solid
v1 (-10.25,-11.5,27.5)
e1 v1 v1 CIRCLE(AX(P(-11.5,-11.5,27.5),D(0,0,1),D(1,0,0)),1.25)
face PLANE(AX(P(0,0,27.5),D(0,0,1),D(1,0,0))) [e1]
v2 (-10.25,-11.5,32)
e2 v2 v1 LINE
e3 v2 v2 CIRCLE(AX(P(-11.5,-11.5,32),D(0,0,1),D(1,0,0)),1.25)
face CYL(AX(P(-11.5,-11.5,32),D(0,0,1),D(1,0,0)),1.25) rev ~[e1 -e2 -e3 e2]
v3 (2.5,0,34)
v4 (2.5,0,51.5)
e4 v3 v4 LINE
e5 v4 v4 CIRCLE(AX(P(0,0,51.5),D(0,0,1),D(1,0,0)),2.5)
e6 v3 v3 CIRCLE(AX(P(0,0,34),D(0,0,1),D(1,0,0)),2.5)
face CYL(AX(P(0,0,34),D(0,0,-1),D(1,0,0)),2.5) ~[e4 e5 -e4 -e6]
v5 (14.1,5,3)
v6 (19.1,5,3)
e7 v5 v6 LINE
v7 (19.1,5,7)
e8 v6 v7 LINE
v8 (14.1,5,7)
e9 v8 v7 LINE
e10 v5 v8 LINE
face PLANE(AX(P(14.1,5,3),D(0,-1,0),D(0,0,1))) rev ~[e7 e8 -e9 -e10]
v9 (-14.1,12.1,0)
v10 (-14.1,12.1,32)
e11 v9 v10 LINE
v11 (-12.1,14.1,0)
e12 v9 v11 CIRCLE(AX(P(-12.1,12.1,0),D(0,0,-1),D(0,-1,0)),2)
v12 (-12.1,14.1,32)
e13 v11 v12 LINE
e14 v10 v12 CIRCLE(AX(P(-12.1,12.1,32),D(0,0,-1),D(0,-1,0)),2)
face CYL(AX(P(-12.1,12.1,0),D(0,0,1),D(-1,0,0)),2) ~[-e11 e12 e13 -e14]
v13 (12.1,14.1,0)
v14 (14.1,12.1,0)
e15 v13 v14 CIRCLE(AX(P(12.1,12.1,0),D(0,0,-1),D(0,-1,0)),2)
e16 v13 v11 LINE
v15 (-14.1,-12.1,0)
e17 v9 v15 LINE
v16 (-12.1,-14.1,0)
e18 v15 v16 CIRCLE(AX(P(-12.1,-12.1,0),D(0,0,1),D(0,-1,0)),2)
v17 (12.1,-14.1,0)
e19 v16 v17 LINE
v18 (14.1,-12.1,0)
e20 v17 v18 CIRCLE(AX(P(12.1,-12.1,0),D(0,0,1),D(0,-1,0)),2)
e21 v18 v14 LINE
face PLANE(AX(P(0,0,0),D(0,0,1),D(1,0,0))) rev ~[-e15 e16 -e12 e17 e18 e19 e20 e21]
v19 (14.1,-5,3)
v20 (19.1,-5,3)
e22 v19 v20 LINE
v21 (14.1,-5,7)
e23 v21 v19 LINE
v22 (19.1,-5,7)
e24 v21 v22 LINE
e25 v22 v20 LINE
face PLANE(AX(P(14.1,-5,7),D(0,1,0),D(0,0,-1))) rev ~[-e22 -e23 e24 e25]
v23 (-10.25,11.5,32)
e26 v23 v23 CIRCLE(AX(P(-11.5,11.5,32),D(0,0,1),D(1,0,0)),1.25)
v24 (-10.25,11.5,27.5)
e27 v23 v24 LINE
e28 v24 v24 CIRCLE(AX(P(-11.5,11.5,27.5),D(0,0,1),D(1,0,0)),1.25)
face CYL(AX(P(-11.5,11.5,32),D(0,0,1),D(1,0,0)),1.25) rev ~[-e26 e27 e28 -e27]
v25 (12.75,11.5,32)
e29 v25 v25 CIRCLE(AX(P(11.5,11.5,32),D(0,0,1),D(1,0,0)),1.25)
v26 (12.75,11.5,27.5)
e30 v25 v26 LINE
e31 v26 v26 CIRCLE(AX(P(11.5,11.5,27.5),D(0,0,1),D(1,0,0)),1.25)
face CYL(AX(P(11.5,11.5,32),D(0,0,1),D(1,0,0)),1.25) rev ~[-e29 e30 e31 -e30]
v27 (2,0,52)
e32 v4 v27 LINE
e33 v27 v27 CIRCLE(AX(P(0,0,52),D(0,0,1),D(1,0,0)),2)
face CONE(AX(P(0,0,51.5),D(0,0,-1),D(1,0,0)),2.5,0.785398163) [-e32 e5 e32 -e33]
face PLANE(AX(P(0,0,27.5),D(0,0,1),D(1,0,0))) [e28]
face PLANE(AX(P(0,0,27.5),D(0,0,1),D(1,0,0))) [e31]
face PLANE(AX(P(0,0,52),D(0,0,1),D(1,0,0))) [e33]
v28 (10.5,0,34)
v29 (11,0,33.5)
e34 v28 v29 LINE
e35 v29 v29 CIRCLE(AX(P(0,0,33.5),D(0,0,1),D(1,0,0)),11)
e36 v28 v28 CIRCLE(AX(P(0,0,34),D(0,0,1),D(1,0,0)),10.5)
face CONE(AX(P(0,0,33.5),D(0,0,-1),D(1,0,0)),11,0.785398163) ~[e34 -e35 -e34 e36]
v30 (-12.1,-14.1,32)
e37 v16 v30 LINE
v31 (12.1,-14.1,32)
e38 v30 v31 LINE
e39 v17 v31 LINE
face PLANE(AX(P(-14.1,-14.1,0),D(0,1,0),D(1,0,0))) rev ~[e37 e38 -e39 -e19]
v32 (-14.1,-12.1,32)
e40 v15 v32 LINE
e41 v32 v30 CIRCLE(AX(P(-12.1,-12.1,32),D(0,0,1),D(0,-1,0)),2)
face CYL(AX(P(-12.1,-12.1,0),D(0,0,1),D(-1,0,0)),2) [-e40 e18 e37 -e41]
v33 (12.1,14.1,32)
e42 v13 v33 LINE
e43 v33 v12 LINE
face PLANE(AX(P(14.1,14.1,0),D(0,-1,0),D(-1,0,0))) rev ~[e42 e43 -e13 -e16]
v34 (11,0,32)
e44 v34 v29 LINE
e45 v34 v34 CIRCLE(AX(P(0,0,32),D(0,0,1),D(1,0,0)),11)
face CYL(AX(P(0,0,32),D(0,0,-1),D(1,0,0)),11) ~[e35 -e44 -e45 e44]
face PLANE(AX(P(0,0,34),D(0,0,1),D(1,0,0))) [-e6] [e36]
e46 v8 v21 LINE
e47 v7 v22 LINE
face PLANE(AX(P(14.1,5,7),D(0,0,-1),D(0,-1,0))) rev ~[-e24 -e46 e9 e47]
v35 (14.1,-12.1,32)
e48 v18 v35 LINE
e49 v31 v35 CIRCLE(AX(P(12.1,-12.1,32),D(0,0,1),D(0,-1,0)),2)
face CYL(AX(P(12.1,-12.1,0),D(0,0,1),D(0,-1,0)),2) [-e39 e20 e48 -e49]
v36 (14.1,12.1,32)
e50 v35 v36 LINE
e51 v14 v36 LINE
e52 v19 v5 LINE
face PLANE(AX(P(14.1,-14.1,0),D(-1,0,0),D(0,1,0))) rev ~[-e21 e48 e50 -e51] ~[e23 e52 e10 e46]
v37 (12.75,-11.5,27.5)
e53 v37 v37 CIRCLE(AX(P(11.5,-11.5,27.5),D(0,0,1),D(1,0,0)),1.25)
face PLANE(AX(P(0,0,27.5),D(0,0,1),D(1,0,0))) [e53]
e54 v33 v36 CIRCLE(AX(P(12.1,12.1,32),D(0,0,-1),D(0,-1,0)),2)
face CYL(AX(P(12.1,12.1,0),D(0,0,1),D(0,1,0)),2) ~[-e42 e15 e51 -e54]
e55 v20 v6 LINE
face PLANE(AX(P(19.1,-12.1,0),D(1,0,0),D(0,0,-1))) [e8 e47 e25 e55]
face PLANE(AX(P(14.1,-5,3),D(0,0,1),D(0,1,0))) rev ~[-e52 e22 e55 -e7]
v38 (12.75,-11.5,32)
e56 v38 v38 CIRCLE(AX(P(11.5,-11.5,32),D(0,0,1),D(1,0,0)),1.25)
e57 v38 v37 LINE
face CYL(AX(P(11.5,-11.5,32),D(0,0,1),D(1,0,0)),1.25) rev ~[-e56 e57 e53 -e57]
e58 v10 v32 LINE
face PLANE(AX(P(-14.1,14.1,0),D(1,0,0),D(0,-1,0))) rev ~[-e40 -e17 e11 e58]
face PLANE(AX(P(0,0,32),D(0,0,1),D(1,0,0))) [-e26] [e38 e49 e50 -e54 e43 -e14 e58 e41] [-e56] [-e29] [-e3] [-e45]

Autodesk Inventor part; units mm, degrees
ref_plane "YZ Plane" through (0, 0, 0) normal (1, 0, 0) x (0, 1, 0)
ref_plane "XZ Plane" through (0, 0, 0) normal (0, 1, 0) x (-1, 0, 0)
ref_plane "XY Plane" through (0, 0, 0) normal (0, 0, 1) x (1, 0, 0)
sketch "Sketch1" plane through (0, 0, 0) normal (0, 0, 1) x (1, 0, 0)
  line L0 (-14.1, -14.1) -> (14.1, -14.1)
  line L1 (14.1, -14.1) -> (14.1, 14.1)
  line L2 (14.1, 14.1) -> (-14.1, 14.1)
  line L3 (-14.1, 14.1) -> (-14.1, -14.1)
  line L4 (-14.1, -14.1) -> (14.1, 14.1) construction
  line L5 (14.1, -14.1) -> (-14.1, 14.1) construction
  point P0 (0, 0)
  dimension "d0" = 28.2
  dimension "d1" = 28.2
extrude "Extrusion1" add sketch "Sketch1" along normal blind 32
sketch "Sketch2" plane through (0, 0, 32) normal (0, 0, 1) x (1, 0, 0)
  line L0 (-11.5, -11.5) -> (11.5, -11.5) construction
  line L1 (11.5, -11.5) -> (11.5, 11.5) construction
  line L2 (11.5, 11.5) -> (-11.5, 11.5) construction
  line L3 (-11.5, 11.5) -> (-11.5, -11.5) construction
  line L4 (-11.5, -11.5) -> (11.5, 11.5) construction
  line L5 (11.5, -11.5) -> (-11.5, 11.5) construction
  circle A0 centre (-11.5, 11.5) radius 1.25
  line L6 (11.5, -11.5) -> (11.5, 11.5) construction
  line L7 (11.5, 11.5) -> (-11.5, 11.5) construction
  line L8 (-11.5, 11.5) -> (-11.5, -11.5) construction
  line L9 (-11.5, -11.5) -> (11.5, -11.5) construction
  line L10 (11.5, -11.5) -> (-11.5, 11.5) construction
  line L11 (11.5, 11.5) -> (-11.5, -11.5) construction
  circle A1 centre (-11.5, -11.5) radius 1.25
  line L12 (11.5, 11.5) -> (-11.5, 11.5) construction
  line L13 (-11.5, 11.5) -> (-11.5, -11.5) construction
  line L14 (-11.5, -11.5) -> (11.5, -11.5) construction
  line L15 (11.5, -11.5) -> (11.5, 11.5) construction
  line L16 (11.5, 11.5) -> (-11.5, -11.5) construction
  line L17 (-11.5, 11.5) -> (11.5, -11.5) construction
  circle A2 centre (11.5, -11.5) radius 1.25
  line L18 (-11.5, 11.5) -> (-11.5, -11.5) construction
  line L19 (-11.5, -11.5) -> (11.5, -11.5) construction
  line L20 (11.5, -11.5) -> (11.5, 11.5) construction
  line L21 (11.5, 11.5) -> (-11.5, 11.5) construction
  line L22 (-11.5, 11.5) -> (11.5, -11.5) construction
  line L23 (-11.5, -11.5) -> (11.5, 11.5) construction
  circle A3 centre (11.5, 11.5) radius 1.25
  point P0 (0, 0)
  point P1 (0, 0)
  point P2 (0, 0)
  point P3 (0, 0)
  dimension "d4" = 23
  dimension "d5" = 23
  dimension "d6" = 2.5
  dimension "d9" = 360
extrude "Extrusion2" cut sketch "Sketch2" against normal blind 4.5
sketch "Sketch3" plane through (0, 0, 32) normal (0, 0, 1) x (1, 0, 0)
  circle A0 centre (0, 0) radius 11
  dimension "d13" = 22
extrude "Extrusion3" add sketch "Sketch3" along normal blind 2
sketch "Sketch4" plane through (0, 0, 34) normal (0, 0, 1) x (1, 0, 0)
  circle A0 centre (0, 0) radius 2.5
  dimension "d16" = 5
extrude "Extrusion4" add sketch "Sketch4" along normal blind 18
fillet "Fillet1" radius 2 4 edges at (-14.1, 14.1, 16) (14.1, 14.1, 16) (14.1, -14.1, 16) (-14.1, -14.1, 16)
chamfer "Chamfer1" distance 0.5 angle 45 1 edges at (-2.5, 0, 52)
chamfer "Chamfer2" distance 0.5 angle 45 1 edges at (-11, 0, 34)
sketch "Sketch5" plane through (14.1, -12.1, 0) normal (1, 0, 0) x (0, 0, -1)
  line L0 (0, 12.1) -> (-5, 12.1) construction
  line L1 (-7, 7.1) -> (-3, 7.1)
  line L2 (-3, 7.1) -> (-3, 17.1)
  line L3 (-3, 17.1) -> (-7, 17.1)
  line L4 (-7, 17.1) -> (-7, 7.1)
  line L5 (-7, 7.1) -> (-3, 17.1) construction
  line L6 (-3, 7.1) -> (-7, 17.1) construction
  dimension "d26" = 5
  dimension "d27" = 4
  dimension "d28" = 10
extrude "Extrusion5" add sketch "Sketch5" along normal blind 5
properties part number "nema11_SY28STH32-0674A"
